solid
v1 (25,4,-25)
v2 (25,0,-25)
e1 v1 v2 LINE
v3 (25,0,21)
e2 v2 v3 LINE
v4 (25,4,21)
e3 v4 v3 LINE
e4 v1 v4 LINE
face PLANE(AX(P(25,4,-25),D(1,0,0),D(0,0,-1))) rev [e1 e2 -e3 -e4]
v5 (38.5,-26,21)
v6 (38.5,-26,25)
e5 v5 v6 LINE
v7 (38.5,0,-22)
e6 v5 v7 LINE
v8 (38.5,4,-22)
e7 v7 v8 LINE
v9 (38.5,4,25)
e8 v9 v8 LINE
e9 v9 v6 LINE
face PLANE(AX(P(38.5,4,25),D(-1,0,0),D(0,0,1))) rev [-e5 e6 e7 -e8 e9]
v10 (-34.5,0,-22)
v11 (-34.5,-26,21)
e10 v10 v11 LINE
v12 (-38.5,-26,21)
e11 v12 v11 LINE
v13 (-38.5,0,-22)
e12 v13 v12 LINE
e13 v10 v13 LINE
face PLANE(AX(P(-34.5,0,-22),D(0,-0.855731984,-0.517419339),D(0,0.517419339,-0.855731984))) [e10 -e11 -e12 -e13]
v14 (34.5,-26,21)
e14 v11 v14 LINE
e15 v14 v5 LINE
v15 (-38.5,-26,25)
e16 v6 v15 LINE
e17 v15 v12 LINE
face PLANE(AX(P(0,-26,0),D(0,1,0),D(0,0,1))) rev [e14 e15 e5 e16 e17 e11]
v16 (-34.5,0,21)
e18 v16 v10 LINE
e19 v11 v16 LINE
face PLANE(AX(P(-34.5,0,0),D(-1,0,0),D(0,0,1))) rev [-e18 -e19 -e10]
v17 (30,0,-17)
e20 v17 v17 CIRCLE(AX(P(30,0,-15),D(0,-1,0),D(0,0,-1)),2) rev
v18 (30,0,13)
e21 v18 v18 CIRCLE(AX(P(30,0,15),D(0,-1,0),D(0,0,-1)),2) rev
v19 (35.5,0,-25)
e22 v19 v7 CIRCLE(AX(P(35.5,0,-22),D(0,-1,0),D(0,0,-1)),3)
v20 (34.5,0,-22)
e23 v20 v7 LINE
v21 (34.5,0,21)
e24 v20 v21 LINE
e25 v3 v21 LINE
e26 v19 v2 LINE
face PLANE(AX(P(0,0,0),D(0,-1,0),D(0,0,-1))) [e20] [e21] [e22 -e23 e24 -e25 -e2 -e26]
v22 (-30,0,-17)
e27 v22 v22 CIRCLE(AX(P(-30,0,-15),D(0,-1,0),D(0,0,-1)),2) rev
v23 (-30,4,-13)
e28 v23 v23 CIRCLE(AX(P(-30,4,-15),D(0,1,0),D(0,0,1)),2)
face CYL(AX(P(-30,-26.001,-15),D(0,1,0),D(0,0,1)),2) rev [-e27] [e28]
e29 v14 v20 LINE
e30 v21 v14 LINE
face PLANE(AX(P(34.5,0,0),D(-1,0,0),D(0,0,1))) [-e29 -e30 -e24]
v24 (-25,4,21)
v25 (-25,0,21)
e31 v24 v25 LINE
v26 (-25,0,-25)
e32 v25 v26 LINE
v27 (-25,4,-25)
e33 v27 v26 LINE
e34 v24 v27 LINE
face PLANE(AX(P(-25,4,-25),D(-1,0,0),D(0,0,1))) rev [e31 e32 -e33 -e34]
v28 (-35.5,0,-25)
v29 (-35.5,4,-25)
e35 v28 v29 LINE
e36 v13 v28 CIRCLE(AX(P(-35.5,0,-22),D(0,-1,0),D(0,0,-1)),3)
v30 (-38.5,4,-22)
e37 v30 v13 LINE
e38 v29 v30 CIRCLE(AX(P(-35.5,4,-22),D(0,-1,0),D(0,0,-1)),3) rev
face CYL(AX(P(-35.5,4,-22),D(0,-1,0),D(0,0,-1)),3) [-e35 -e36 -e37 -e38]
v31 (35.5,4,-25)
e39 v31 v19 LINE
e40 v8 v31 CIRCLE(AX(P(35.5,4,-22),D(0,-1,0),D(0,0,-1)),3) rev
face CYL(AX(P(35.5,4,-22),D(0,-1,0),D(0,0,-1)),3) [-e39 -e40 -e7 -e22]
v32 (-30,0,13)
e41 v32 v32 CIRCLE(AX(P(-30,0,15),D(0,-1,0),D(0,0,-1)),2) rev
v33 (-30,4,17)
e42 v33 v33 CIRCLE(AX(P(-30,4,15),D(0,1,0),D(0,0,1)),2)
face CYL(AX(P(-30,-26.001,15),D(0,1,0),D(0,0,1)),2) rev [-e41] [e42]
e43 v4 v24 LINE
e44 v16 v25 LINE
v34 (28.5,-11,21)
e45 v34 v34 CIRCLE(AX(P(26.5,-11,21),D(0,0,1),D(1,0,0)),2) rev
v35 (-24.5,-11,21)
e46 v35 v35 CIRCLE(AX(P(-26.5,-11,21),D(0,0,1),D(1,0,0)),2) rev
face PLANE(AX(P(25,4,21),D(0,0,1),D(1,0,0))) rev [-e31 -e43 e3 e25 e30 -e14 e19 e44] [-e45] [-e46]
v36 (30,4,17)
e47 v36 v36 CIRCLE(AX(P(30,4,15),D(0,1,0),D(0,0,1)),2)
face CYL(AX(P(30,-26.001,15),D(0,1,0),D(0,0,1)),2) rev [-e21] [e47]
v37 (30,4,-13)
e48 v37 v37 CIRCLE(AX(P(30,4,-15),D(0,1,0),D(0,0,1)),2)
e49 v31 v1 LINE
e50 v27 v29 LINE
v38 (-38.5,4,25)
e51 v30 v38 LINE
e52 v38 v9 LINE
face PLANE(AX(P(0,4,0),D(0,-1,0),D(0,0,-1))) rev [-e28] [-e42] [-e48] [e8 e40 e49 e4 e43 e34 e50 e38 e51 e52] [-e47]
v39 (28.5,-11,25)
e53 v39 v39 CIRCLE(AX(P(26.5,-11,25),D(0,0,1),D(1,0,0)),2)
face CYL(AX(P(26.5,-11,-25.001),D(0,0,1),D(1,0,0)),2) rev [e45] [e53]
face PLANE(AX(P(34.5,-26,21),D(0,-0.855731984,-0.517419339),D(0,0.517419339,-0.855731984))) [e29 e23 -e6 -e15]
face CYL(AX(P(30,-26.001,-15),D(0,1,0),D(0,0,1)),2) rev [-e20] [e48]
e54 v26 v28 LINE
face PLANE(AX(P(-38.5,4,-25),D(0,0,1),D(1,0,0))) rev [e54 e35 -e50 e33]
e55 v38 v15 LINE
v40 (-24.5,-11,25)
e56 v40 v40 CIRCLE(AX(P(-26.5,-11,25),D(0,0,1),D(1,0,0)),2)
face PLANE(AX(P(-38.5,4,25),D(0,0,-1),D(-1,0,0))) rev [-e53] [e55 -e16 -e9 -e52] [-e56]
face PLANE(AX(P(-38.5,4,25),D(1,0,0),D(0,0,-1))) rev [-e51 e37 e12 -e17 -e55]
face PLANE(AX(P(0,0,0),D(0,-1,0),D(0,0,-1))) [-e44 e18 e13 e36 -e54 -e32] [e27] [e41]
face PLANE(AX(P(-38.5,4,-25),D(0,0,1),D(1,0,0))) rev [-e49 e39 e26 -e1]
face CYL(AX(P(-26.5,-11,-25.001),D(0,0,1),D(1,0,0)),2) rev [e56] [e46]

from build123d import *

# Parameters (mm, degrees)
SZKIC2_W                    = 77
SZKIC2_H                    = 50
DODANIE_WYCI_GNI_CIE2_DEPTH = 4
SZKIC4_W                    = 50
SZKIC4_H                    = 46
WYTNIJ_WYCI_GNI_CIE1_DEPTH  = 4
SZKIC5_W                    = 77
SZKIC5_H                    = 4
DODANIE_WYCI_GNI_CIE3_DEPTH = 26
WYTNIJ_WYCI_GNI_CIE2_REACH  = 70.251
SZKIC6_R                    = 2
ZAOKR_GLENIE1_R             = 3
DODANIE_WYCI_GNI_CIE4_DEPTH = 4
DODANIE_WYCI_GNI_CIE5_DEPTH = 4
WYTNIJ_WYCI_GNI_CIE5_REACH  = 56.838
SZKIC9_R                    = 2


with BuildPart() as part:
    # Szkic2 → Dodanie-wyciągnięcie2 (new body)
    with BuildSketch(Plane(origin=(0, 0, 0), x_dir=(1, 0, 0), z_dir=(0, 1, 0))):
        Rectangle(SZKIC2_W, SZKIC2_H)
    extrude(amount=DODANIE_WYCI_GNI_CIE2_DEPTH)

    # Szkic4 → Wytnij-wyciągnięcie1 (cut)
    with BuildSketch(Plane.XZ):
        with Locations((0, -2)):
            Rectangle(SZKIC4_W, SZKIC4_H)
    extrude(amount=-WYTNIJ_WYCI_GNI_CIE1_DEPTH, mode=Mode.SUBTRACT)

    # Szkic5 → Dodanie-wyciągnięcie3 (add)
    with BuildSketch(Plane.XZ):
        with Locations((0, 23)):
            Rectangle(SZKIC5_W, SZKIC5_H)
    extrude(amount=DODANIE_WYCI_GNI_CIE3_DEPTH)

    # Szkic6 → Wytnij-wyciągnięcie2 (cut, up to next)
    with BuildSketch(Plane.XY.offset(25), mode=Mode.PRIVATE) as wytnij_wyci_gni_cie2_sk1:
        with Locations((26.5, -11)):
            Circle(SZKIC6_R)
    wytnij_wyci_gni_cie2_tool1 = extrude(wytnij_wyci_gni_cie2_sk1.sketch, amount=-WYTNIJ_WYCI_GNI_CIE2_REACH, mode=Mode.PRIVATE) & part.part
    # Szkic6 → Wytnij-wyciągnięcie2 (cut, up to next)
    with BuildSketch(Plane.XY.offset(25), mode=Mode.PRIVATE) as wytnij_wyci_gni_cie2_sk2:
        with Locations((-26.5, -11)):
            Circle(SZKIC6_R)
    wytnij_wyci_gni_cie2_tool2 = extrude(wytnij_wyci_gni_cie2_sk2.sketch, amount=-WYTNIJ_WYCI_GNI_CIE2_REACH, mode=Mode.PRIVATE) & part.part
    add(wytnij_wyci_gni_cie2_tool1.solids().sort_by_distance((26.5, -11, 25))[0], mode=Mode.SUBTRACT)
    add(wytnij_wyci_gni_cie2_tool2.solids().sort_by_distance((-26.5, -11, 25))[0], mode=Mode.SUBTRACT)

    # Zaokrąglenie1
    zaokr_glenie1_edges = [part.edges().sort_by_distance(p)[0] for p in [
        (-38.5, 2, -25),
        (38.5, 2, -25),
    ]]
    fillet(zaokr_glenie1_edges, radius=ZAOKR_GLENIE1_R)

    # Szkic7 → Dodanie-wyciągnięcie4 (add)
    with BuildSketch(Plane.ZY.offset(38.5)):
        Polygon((21, -26), (21, 0), (-22, 0), align=None)
    extrude(amount=-DODANIE_WYCI_GNI_CIE4_DEPTH)

    # Szkic8 → Dodanie-wyciągnięcie5 (add)
    with BuildSketch(Plane(origin=(38.5, 0, 0), x_dir=(0, 0, -1), z_dir=(1, 0, 0))):
        Polygon((-21, -26), (22, 0), (-21, 0), align=None)
    extrude(amount=-DODANIE_WYCI_GNI_CIE5_DEPTH)

    # Szkic9 → Wytnij-wyciągnięcie5 (cut, up to next)
    with BuildSketch(Plane(origin=(0, 4, 0), x_dir=(1, 0, 0), z_dir=(0, 1, 0)), mode=Mode.PRIVATE) as wytnij_wyci_gni_cie5_sk1:
        with Locations(Location((-30, 15, 0), (0, 0, 270))):
            Circle(SZKIC9_R)
    wytnij_wyci_gni_cie5_tool1 = extrude(wytnij_wyci_gni_cie5_sk1.sketch, amount=-WYTNIJ_WYCI_GNI_CIE5_REACH, mode=Mode.PRIVATE) & part.part
    # Szkic9 → Wytnij-wyciągnięcie5 (cut, up to next)
    with BuildSketch(Plane(origin=(0, 4, 0), x_dir=(1, 0, 0), z_dir=(0, 1, 0)), mode=Mode.PRIVATE) as wytnij_wyci_gni_cie5_sk2:
        with Locations(Location((-30, -15, 0), (0, 0, 270))):
            Circle(SZKIC9_R)
    wytnij_wyci_gni_cie5_tool2 = extrude(wytnij_wyci_gni_cie5_sk2.sketch, amount=-WYTNIJ_WYCI_GNI_CIE5_REACH, mode=Mode.PRIVATE) & part.part
    # Szkic9 → Wytnij-wyciągnięcie5 (cut, up to next)
    with BuildSketch(Plane(origin=(0, 4, 0), x_dir=(1, 0, 0), z_dir=(0, 1, 0)), mode=Mode.PRIVATE) as wytnij_wyci_gni_cie5_sk3:
        with Locations(Location((30, 15, 0), (0, 0, 270))):
            Circle(SZKIC9_R)
    wytnij_wyci_gni_cie5_tool3 = extrude(wytnij_wyci_gni_cie5_sk3.sketch, amount=-WYTNIJ_WYCI_GNI_CIE5_REACH, mode=Mode.PRIVATE) & part.part
    # Szkic9 → Wytnij-wyciągnięcie5 (cut, up to next)
    with BuildSketch(Plane(origin=(0, 4, 0), x_dir=(1, 0, 0), z_dir=(0, 1, 0)), mode=Mode.PRIVATE) as wytnij_wyci_gni_cie5_sk4:
        with Locations(Location((30, -15, 0), (0, 0, 270))):
            Circle(SZKIC9_R)
    wytnij_wyci_gni_cie5_tool4 = extrude(wytnij_wyci_gni_cie5_sk4.sketch, amount=-WYTNIJ_WYCI_GNI_CIE5_REACH, mode=Mode.PRIVATE) & part.part
    add(wytnij_wyci_gni_cie5_tool1.solids().sort_by_distance((-30, 4, -15))[0], mode=Mode.SUBTRACT)
    add(wytnij_wyci_gni_cie5_tool2.solids().sort_by_distance((-30, 4, 15))[0], mode=Mode.SUBTRACT)
    add(wytnij_wyci_gni_cie5_tool3.solids().sort_by_distance((30, 4, -15))[0], mode=Mode.SUBTRACT)
    add(wytnij_wyci_gni_cie5_tool4.solids().sort_by_distance((30, 4, 15))[0], mode=Mode.SUBTRACT)


solid = part.part
